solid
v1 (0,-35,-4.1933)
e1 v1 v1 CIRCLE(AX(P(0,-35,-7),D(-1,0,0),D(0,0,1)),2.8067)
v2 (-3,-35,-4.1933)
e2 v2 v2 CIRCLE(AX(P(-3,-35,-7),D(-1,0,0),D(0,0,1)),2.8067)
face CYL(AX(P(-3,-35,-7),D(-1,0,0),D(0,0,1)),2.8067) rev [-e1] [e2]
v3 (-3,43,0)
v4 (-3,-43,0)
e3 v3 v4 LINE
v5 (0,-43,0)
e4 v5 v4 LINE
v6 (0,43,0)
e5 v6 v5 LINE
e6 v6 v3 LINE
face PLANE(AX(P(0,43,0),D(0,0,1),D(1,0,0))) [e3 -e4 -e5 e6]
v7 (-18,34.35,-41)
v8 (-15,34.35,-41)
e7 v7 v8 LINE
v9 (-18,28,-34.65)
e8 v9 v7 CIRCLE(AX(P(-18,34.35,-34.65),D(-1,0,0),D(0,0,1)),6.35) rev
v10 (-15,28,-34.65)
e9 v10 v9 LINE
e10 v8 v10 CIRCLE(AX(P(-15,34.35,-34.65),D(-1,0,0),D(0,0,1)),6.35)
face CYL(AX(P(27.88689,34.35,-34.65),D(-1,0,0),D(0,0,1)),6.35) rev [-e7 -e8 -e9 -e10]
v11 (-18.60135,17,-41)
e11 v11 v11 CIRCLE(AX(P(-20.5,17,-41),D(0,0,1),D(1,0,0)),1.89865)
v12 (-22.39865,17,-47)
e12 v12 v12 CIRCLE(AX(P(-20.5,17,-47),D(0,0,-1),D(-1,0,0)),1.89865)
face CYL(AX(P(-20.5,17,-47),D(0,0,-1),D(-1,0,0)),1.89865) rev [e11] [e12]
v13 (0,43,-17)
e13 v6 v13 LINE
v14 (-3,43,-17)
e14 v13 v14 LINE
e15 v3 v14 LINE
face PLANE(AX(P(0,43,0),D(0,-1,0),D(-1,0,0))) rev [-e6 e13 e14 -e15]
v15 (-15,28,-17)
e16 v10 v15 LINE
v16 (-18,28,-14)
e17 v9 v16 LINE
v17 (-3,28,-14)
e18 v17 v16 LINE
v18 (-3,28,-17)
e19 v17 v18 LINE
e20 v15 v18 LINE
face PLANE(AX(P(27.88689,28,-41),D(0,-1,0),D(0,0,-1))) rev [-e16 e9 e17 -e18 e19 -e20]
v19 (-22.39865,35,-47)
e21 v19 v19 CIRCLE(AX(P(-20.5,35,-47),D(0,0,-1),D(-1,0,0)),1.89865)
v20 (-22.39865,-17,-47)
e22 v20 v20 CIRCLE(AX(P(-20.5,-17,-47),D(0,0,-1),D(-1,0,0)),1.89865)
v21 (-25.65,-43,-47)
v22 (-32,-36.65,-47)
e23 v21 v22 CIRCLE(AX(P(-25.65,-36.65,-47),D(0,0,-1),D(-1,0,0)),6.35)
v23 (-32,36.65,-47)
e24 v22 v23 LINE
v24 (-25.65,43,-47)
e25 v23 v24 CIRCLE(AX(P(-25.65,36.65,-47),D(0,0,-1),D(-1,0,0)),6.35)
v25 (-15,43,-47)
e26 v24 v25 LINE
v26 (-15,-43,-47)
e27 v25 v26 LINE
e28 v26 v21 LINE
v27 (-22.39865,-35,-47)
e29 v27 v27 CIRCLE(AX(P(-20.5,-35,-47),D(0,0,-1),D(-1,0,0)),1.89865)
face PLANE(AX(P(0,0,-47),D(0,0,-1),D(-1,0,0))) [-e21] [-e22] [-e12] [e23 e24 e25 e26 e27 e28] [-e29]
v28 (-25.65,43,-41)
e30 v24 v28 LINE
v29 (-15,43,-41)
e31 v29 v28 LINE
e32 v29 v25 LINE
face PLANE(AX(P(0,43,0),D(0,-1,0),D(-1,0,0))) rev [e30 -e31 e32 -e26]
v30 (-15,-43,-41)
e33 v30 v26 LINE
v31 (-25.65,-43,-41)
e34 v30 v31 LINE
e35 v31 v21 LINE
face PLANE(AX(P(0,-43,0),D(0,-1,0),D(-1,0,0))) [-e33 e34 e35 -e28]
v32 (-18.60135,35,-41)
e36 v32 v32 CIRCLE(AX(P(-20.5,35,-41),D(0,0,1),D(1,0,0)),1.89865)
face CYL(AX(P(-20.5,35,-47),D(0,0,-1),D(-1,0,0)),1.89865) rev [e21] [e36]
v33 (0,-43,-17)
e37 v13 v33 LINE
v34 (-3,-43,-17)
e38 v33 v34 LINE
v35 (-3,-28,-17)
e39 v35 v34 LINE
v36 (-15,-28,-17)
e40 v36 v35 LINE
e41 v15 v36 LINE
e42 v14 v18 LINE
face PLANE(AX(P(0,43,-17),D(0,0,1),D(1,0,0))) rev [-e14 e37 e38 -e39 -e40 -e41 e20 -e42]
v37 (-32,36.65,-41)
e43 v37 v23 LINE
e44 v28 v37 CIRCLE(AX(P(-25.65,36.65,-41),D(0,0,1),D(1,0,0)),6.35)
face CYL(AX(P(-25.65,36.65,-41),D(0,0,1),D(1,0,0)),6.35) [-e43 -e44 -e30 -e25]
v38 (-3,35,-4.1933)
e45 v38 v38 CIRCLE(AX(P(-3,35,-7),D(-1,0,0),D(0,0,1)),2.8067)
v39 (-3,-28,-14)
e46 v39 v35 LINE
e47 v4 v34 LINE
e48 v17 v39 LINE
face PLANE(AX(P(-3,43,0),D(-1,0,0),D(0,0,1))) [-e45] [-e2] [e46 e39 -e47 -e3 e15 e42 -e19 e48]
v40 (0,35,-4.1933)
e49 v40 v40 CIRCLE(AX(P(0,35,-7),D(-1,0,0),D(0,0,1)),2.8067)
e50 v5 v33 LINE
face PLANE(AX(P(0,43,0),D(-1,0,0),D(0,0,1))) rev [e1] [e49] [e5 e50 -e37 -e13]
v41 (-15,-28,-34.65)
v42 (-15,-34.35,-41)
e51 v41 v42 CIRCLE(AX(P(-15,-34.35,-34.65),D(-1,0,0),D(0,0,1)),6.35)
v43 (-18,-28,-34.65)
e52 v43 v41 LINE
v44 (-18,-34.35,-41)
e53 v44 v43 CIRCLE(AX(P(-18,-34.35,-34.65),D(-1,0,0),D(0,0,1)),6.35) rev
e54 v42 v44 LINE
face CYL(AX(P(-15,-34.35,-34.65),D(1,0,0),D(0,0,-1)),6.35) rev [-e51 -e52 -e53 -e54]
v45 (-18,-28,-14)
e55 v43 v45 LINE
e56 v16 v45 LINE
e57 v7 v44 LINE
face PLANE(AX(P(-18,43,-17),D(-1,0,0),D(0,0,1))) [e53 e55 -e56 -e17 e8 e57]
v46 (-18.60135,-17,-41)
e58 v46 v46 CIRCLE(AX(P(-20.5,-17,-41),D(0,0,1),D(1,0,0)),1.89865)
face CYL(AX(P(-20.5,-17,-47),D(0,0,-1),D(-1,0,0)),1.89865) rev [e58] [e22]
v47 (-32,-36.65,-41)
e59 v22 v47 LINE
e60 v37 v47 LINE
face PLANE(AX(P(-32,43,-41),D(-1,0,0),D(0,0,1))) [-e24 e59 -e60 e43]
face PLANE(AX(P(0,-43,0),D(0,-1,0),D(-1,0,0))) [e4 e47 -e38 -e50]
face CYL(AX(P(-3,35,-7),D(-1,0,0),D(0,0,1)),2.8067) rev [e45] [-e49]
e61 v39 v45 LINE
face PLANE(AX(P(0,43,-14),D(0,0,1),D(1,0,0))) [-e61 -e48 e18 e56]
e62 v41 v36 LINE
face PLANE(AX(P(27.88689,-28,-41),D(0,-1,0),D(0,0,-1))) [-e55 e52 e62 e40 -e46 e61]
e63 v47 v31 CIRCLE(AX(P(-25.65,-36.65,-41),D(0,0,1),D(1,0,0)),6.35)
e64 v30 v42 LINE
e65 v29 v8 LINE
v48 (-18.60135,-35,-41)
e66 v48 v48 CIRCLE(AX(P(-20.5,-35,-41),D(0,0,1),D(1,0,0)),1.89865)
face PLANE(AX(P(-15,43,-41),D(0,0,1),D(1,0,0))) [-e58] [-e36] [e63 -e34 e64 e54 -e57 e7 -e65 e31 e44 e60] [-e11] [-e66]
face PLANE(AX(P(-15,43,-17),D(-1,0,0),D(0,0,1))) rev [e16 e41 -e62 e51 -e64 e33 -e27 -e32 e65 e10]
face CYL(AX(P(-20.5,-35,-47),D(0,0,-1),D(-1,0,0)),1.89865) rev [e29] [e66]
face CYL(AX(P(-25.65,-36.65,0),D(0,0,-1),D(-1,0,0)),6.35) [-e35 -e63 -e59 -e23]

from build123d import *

# Parameters (mm, degrees)
EXTRUDE_THIN1_DEPTH        = 43
SKETCH7_W                  = 27
SKETCH7_H                  = 15
CUT_EXTRUDE3_DEPTH         = 15
FILLET1_R                  = 6.35
SKETCH11_W                 = 17
SKETCH11_H                 = 86
BOSS_EXTRUDE1_DEPTH        = 3
F_10_24_TAPPED_HOLE2_D     = 3.7973
FILLET2_R                  = 6.35
F_10_CLEARANCE_HOLE2_D     = 5.6134
F_10_CLEARANCE_HOLE2_DEPTH = 9.53
F_10_CLEARANCE_HOLE2_TIP   = 1.686435499


with BuildPart() as part:
    # Sketch1 → Extrude-Thin1 (new body, symmetric)
    with BuildSketch(Plane(origin=(0, 0, 0), x_dir=(1, 0, 0), z_dir=(0, 1, 0))):
        Polygon((0, 0), (0, 17), (-15, 17), (-15, 44), (-32, 44), (-32, 41), (-18, 41), (-18, 14), (-3, 14), (-3, 0), align=None)
    extrude(amount=EXTRUDE_THIN1_DEPTH, both=True)

    # Sketch7 → Cut-Extrude3 (cut)
    with BuildSketch(Plane.ZY.offset(18)):
        with Locations((-27.5, 35.5)):
            Rectangle(SKETCH7_W, SKETCH7_H)
    cut_extrude3 = extrude(amount=-CUT_EXTRUDE3_DEPTH, mode=Mode.SUBTRACT)

    # Mirror3: Cut-Extrude3 across plane
    add(cut_extrude3.mirror(Plane.ZX), mode=Mode.SUBTRACT)

    # Fillet1
    fillet1_edges = [part.edges().sort_by_distance(p)[0] for p in [
        (-16.5, 28, -41),
        (-16.5, -28, -41),
    ]]
    fillet(fillet1_edges, radius=FILLET1_R)

    # Sketch11 → Boss-Extrude1 (add)
    with BuildSketch(Plane(origin=(0, 0, -44), x_dir=(-1, 0, 0), z_dir=(0, 0, -1))):
        with Locations((23.5, 0)):
            Rectangle(SKETCH11_W, SKETCH11_H)
    extrude(amount=BOSS_EXTRUDE1_DEPTH)

    # #10-24 Tapped Hole2 (through all)
    with Locations(Plane(origin=(-13.4585207, 10.001554842, -47), x_dir=(-1, 0, 0), z_dir=(0, 0, -1))):
        with Locations((7.0414793, -27.001554842), (7.0414793, 24.998445158), (7.0414793, 6.998445158), (7.0414793, -45.001554842)):
            Hole(F_10_24_TAPPED_HOLE2_D / 2)

    # Fillet2
    fillet2_edges = [part.edges().sort_by_distance(p)[0] for p in [
        (-32, -43, -44),
        (-32, 43, -44),
    ]]
    fillet(fillet2_edges, radius=FILLET2_R)

    # #10 Clearance Hole2
    with Locations(Plane.ZY.offset(3)):
        with Locations((-7, -35), (-7, 35)):
            Hole(F_10_CLEARANCE_HOLE2_D / 2, depth=F_10_CLEARANCE_HOLE2_DEPTH)
            with Locations((0, 0, -(F_10_CLEARANCE_HOLE2_DEPTH + F_10_CLEARANCE_HOLE2_TIP / 2))):  # 118° drill point
                Cone(0, F_10_CLEARANCE_HOLE2_D / 2, F_10_CLEARANCE_HOLE2_TIP, mode=Mode.SUBTRACT)


solid = part.part
